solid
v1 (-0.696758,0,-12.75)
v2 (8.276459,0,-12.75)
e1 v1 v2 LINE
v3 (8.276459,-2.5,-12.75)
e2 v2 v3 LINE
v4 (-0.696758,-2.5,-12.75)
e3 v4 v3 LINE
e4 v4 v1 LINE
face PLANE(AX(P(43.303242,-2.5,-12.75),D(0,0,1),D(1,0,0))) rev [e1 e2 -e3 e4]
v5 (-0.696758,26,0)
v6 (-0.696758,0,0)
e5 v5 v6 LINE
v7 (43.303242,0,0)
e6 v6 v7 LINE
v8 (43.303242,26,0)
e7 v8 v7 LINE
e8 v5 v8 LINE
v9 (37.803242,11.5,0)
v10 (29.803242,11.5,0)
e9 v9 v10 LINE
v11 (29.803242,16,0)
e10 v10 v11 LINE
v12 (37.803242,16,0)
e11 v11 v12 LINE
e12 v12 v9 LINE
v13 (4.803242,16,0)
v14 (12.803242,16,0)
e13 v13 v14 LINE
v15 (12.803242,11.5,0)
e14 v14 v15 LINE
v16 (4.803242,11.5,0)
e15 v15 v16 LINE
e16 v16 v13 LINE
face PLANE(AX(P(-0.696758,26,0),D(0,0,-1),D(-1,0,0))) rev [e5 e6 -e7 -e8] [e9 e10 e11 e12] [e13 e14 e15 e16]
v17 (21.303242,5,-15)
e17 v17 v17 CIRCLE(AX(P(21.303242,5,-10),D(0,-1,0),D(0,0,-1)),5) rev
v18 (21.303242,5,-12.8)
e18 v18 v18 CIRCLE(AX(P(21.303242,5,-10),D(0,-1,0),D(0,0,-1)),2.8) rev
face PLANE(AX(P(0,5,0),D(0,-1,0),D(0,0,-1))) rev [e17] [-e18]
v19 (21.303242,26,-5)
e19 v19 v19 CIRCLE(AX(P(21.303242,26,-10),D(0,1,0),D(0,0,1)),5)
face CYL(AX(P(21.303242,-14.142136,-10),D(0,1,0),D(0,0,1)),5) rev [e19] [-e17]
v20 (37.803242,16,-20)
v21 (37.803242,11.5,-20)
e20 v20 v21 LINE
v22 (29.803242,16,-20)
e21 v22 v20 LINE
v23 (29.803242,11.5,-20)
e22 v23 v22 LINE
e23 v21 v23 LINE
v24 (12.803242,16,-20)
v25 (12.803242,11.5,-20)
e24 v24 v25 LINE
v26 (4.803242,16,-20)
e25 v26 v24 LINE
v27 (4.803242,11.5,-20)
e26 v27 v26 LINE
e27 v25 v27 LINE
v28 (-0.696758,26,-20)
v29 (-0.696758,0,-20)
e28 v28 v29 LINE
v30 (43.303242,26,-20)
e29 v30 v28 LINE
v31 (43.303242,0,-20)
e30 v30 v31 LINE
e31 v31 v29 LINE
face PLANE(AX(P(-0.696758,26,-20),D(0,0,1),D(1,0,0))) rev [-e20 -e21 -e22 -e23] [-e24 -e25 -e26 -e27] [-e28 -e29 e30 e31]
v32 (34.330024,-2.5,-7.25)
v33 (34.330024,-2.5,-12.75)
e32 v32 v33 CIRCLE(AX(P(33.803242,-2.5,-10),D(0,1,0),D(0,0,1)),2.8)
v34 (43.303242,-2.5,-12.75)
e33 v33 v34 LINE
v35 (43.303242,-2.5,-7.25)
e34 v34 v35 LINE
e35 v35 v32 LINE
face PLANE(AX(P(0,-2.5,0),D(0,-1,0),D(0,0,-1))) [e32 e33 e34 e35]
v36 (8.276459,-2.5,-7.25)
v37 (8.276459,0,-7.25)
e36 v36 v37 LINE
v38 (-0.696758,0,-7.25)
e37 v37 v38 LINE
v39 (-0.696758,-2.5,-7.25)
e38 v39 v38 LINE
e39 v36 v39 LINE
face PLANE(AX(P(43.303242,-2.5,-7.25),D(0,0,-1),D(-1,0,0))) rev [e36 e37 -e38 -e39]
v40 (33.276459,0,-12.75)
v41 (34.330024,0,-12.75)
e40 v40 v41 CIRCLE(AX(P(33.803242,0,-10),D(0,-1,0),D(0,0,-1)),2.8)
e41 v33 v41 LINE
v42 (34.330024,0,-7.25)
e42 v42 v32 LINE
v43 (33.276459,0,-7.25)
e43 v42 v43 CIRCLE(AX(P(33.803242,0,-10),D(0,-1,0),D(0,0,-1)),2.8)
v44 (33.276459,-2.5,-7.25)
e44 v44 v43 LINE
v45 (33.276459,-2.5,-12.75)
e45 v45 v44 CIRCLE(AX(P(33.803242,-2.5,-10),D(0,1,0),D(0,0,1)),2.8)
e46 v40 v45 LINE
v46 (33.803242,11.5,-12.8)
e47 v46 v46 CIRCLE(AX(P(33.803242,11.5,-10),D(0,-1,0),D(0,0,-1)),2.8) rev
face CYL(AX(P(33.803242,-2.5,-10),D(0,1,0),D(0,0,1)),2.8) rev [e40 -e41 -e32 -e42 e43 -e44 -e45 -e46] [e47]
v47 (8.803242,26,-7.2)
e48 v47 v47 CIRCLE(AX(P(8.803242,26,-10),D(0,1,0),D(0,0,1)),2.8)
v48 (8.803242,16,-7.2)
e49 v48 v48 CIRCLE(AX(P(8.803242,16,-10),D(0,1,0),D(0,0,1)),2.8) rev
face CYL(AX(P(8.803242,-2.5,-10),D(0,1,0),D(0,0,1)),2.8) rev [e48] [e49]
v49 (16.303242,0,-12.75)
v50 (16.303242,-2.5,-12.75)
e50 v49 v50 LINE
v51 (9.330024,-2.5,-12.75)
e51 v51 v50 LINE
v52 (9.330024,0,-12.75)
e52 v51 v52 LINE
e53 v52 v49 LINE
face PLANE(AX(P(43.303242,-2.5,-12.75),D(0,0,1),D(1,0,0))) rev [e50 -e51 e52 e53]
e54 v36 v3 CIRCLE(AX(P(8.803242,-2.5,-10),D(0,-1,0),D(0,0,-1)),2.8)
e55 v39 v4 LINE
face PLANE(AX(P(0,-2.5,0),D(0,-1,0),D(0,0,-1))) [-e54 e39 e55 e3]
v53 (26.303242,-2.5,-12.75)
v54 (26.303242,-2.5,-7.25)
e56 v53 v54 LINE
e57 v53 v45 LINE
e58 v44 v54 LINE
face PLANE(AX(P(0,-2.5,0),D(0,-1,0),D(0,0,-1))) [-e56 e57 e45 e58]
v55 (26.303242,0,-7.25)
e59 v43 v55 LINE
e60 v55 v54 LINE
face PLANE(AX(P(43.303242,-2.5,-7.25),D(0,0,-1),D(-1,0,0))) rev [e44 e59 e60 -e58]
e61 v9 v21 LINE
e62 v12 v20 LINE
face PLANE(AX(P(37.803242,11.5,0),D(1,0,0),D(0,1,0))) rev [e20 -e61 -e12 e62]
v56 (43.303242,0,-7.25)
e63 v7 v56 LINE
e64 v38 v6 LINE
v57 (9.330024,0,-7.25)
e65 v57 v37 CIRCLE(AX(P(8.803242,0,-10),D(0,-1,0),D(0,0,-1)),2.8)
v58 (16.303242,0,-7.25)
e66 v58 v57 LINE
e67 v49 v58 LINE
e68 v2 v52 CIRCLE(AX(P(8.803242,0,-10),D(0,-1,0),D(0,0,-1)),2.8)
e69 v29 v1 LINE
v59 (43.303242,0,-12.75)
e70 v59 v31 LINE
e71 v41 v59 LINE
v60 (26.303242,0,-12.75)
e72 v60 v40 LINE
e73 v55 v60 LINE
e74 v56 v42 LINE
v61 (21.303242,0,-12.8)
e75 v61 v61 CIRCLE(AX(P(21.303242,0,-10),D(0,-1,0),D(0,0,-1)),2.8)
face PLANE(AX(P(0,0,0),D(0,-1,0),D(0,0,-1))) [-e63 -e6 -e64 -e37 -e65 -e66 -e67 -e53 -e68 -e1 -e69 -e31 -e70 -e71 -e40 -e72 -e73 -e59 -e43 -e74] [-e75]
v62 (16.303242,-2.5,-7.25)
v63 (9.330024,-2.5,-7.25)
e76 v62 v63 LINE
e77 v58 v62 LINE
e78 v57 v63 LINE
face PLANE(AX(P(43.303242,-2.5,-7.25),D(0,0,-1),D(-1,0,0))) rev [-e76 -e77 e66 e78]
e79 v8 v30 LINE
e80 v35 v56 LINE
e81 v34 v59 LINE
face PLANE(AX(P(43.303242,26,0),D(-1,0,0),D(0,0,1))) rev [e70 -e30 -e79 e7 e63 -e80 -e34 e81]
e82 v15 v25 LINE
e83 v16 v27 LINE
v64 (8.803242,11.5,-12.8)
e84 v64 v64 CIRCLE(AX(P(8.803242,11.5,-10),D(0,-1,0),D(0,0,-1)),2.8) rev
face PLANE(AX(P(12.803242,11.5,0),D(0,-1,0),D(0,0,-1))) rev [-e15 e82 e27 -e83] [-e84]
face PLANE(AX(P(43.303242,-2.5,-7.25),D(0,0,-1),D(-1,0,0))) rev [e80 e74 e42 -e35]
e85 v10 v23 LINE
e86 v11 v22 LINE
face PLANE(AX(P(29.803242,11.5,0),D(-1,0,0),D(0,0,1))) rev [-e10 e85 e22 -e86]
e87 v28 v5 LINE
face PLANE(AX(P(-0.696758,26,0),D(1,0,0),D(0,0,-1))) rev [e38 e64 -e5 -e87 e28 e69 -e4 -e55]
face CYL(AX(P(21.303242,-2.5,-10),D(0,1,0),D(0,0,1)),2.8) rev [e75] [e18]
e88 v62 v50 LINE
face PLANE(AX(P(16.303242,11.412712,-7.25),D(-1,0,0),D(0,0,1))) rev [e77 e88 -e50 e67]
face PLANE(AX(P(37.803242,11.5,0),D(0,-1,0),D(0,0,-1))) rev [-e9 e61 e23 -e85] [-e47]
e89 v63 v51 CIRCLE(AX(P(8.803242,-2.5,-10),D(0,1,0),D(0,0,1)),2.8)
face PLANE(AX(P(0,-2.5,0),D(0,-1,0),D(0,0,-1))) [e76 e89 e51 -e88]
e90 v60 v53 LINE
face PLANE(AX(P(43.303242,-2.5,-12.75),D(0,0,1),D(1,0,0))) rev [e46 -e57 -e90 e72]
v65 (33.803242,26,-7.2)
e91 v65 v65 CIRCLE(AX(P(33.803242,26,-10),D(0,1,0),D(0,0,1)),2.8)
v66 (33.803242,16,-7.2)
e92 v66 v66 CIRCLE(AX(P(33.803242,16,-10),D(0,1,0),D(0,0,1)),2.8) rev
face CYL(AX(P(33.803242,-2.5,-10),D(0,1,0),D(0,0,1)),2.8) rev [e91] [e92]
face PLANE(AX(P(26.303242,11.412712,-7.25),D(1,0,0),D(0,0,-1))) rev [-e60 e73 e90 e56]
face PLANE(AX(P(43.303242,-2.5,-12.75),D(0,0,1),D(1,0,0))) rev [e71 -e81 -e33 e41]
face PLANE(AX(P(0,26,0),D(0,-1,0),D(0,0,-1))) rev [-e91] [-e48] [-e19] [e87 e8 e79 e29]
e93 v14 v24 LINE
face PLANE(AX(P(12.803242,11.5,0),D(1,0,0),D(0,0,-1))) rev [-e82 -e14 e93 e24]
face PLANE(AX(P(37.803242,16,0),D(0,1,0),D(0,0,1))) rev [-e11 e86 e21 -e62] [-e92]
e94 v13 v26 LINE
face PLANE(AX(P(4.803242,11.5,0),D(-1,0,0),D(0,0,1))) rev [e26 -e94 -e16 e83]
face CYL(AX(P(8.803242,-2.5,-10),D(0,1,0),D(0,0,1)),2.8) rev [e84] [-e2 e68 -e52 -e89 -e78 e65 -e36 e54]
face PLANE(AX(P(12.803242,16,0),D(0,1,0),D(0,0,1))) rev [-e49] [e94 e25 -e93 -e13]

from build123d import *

# Parameters (mm, degrees)
SKETCH1_W           = 44
SKETCH1_H           = 20
BOSS_EXTRUDE1_DEPTH = 26
SKETCH3_W           = 44
SKETCH3_H           = 5.5
BOSS_EXTRUDE5_DEPTH = 2.5
SKETCH2_R           = 2.8
CUT_EXTRUDE1_DEPTH  = 29.5
SKETCH4_R           = 5
CUT_EXTRUDE2_DEPTH  = 21
SKETCH5_W           = 8
SKETCH5_H           = 4.5
CUT_EXTRUDE3_DEPTH  = 21
SKETCH6_W           = 10
SKETCH6_H           = 5.5
CUT_EXTRUDE4_DEPTH  = 2.5


with BuildPart() as part:
    # Sketch1 → Boss-Extrude1 (new body)
    with BuildSketch(Plane(origin=(0, 0, 0), x_dir=(1, 0, 0), z_dir=(0, 1, 0))):
        with Locations((21.30324178, 10)):
            Rectangle(SKETCH1_W, SKETCH1_H)
    extrude(amount=BOSS_EXTRUDE1_DEPTH)

    # Sketch3 → Boss-Extrude5 (add)
    with BuildSketch(Plane.XZ):
        with Locations((21.30324178, -10)):
            Rectangle(SKETCH3_W, SKETCH3_H)
    extrude(amount=BOSS_EXTRUDE5_DEPTH)

    # Sketch2 → Cut-Extrude1 (cut, through all)
    with BuildSketch(Plane(origin=(0, 26, 0), x_dir=(1, 0, 0), z_dir=(0, 1, 0))):
        with Locations((8.80324178, 10)):
            Circle(SKETCH2_R)
        with Locations((33.80324178, 10)):
            Circle(SKETCH2_R)
        with Locations((21.30324178, 10)):
            Circle(SKETCH2_R)
    extrude(amount=-CUT_EXTRUDE1_DEPTH, mode=Mode.SUBTRACT)

    # Sketch4 → Cut-Extrude2 (cut)
    with BuildSketch(Plane(origin=(0, 26, 0), x_dir=(1, 0, 0), z_dir=(0, 1, 0))):
        with Locations((21.30324178, 10)):
            Circle(SKETCH4_R)
    extrude(amount=-CUT_EXTRUDE2_DEPTH, mode=Mode.SUBTRACT)

    # Sketch5 → Cut-Extrude3 (cut, through all)
    with BuildSketch(Plane(origin=(0, 0, -20), x_dir=(-1, 0, 0), z_dir=(0, 0, -1))):
        with Locations((-33.80324178, 13.75)):
            Rectangle(SKETCH5_W, SKETCH5_H)
        with Locations((-8.80324178, 13.75)):
            Rectangle(SKETCH5_W, SKETCH5_H)
    extrude(amount=-CUT_EXTRUDE3_DEPTH, mode=Mode.SUBTRACT)

    # Sketch6 → Cut-Extrude4 (cut)
    with BuildSketch(Plane.XZ.offset(2.5)):
        with Locations((21.30324178, -10)):
            Rectangle(SKETCH6_W, SKETCH6_H)
    extrude(amount=-CUT_EXTRUDE4_DEPTH, mode=Mode.SUBTRACT)


solid = part.part
